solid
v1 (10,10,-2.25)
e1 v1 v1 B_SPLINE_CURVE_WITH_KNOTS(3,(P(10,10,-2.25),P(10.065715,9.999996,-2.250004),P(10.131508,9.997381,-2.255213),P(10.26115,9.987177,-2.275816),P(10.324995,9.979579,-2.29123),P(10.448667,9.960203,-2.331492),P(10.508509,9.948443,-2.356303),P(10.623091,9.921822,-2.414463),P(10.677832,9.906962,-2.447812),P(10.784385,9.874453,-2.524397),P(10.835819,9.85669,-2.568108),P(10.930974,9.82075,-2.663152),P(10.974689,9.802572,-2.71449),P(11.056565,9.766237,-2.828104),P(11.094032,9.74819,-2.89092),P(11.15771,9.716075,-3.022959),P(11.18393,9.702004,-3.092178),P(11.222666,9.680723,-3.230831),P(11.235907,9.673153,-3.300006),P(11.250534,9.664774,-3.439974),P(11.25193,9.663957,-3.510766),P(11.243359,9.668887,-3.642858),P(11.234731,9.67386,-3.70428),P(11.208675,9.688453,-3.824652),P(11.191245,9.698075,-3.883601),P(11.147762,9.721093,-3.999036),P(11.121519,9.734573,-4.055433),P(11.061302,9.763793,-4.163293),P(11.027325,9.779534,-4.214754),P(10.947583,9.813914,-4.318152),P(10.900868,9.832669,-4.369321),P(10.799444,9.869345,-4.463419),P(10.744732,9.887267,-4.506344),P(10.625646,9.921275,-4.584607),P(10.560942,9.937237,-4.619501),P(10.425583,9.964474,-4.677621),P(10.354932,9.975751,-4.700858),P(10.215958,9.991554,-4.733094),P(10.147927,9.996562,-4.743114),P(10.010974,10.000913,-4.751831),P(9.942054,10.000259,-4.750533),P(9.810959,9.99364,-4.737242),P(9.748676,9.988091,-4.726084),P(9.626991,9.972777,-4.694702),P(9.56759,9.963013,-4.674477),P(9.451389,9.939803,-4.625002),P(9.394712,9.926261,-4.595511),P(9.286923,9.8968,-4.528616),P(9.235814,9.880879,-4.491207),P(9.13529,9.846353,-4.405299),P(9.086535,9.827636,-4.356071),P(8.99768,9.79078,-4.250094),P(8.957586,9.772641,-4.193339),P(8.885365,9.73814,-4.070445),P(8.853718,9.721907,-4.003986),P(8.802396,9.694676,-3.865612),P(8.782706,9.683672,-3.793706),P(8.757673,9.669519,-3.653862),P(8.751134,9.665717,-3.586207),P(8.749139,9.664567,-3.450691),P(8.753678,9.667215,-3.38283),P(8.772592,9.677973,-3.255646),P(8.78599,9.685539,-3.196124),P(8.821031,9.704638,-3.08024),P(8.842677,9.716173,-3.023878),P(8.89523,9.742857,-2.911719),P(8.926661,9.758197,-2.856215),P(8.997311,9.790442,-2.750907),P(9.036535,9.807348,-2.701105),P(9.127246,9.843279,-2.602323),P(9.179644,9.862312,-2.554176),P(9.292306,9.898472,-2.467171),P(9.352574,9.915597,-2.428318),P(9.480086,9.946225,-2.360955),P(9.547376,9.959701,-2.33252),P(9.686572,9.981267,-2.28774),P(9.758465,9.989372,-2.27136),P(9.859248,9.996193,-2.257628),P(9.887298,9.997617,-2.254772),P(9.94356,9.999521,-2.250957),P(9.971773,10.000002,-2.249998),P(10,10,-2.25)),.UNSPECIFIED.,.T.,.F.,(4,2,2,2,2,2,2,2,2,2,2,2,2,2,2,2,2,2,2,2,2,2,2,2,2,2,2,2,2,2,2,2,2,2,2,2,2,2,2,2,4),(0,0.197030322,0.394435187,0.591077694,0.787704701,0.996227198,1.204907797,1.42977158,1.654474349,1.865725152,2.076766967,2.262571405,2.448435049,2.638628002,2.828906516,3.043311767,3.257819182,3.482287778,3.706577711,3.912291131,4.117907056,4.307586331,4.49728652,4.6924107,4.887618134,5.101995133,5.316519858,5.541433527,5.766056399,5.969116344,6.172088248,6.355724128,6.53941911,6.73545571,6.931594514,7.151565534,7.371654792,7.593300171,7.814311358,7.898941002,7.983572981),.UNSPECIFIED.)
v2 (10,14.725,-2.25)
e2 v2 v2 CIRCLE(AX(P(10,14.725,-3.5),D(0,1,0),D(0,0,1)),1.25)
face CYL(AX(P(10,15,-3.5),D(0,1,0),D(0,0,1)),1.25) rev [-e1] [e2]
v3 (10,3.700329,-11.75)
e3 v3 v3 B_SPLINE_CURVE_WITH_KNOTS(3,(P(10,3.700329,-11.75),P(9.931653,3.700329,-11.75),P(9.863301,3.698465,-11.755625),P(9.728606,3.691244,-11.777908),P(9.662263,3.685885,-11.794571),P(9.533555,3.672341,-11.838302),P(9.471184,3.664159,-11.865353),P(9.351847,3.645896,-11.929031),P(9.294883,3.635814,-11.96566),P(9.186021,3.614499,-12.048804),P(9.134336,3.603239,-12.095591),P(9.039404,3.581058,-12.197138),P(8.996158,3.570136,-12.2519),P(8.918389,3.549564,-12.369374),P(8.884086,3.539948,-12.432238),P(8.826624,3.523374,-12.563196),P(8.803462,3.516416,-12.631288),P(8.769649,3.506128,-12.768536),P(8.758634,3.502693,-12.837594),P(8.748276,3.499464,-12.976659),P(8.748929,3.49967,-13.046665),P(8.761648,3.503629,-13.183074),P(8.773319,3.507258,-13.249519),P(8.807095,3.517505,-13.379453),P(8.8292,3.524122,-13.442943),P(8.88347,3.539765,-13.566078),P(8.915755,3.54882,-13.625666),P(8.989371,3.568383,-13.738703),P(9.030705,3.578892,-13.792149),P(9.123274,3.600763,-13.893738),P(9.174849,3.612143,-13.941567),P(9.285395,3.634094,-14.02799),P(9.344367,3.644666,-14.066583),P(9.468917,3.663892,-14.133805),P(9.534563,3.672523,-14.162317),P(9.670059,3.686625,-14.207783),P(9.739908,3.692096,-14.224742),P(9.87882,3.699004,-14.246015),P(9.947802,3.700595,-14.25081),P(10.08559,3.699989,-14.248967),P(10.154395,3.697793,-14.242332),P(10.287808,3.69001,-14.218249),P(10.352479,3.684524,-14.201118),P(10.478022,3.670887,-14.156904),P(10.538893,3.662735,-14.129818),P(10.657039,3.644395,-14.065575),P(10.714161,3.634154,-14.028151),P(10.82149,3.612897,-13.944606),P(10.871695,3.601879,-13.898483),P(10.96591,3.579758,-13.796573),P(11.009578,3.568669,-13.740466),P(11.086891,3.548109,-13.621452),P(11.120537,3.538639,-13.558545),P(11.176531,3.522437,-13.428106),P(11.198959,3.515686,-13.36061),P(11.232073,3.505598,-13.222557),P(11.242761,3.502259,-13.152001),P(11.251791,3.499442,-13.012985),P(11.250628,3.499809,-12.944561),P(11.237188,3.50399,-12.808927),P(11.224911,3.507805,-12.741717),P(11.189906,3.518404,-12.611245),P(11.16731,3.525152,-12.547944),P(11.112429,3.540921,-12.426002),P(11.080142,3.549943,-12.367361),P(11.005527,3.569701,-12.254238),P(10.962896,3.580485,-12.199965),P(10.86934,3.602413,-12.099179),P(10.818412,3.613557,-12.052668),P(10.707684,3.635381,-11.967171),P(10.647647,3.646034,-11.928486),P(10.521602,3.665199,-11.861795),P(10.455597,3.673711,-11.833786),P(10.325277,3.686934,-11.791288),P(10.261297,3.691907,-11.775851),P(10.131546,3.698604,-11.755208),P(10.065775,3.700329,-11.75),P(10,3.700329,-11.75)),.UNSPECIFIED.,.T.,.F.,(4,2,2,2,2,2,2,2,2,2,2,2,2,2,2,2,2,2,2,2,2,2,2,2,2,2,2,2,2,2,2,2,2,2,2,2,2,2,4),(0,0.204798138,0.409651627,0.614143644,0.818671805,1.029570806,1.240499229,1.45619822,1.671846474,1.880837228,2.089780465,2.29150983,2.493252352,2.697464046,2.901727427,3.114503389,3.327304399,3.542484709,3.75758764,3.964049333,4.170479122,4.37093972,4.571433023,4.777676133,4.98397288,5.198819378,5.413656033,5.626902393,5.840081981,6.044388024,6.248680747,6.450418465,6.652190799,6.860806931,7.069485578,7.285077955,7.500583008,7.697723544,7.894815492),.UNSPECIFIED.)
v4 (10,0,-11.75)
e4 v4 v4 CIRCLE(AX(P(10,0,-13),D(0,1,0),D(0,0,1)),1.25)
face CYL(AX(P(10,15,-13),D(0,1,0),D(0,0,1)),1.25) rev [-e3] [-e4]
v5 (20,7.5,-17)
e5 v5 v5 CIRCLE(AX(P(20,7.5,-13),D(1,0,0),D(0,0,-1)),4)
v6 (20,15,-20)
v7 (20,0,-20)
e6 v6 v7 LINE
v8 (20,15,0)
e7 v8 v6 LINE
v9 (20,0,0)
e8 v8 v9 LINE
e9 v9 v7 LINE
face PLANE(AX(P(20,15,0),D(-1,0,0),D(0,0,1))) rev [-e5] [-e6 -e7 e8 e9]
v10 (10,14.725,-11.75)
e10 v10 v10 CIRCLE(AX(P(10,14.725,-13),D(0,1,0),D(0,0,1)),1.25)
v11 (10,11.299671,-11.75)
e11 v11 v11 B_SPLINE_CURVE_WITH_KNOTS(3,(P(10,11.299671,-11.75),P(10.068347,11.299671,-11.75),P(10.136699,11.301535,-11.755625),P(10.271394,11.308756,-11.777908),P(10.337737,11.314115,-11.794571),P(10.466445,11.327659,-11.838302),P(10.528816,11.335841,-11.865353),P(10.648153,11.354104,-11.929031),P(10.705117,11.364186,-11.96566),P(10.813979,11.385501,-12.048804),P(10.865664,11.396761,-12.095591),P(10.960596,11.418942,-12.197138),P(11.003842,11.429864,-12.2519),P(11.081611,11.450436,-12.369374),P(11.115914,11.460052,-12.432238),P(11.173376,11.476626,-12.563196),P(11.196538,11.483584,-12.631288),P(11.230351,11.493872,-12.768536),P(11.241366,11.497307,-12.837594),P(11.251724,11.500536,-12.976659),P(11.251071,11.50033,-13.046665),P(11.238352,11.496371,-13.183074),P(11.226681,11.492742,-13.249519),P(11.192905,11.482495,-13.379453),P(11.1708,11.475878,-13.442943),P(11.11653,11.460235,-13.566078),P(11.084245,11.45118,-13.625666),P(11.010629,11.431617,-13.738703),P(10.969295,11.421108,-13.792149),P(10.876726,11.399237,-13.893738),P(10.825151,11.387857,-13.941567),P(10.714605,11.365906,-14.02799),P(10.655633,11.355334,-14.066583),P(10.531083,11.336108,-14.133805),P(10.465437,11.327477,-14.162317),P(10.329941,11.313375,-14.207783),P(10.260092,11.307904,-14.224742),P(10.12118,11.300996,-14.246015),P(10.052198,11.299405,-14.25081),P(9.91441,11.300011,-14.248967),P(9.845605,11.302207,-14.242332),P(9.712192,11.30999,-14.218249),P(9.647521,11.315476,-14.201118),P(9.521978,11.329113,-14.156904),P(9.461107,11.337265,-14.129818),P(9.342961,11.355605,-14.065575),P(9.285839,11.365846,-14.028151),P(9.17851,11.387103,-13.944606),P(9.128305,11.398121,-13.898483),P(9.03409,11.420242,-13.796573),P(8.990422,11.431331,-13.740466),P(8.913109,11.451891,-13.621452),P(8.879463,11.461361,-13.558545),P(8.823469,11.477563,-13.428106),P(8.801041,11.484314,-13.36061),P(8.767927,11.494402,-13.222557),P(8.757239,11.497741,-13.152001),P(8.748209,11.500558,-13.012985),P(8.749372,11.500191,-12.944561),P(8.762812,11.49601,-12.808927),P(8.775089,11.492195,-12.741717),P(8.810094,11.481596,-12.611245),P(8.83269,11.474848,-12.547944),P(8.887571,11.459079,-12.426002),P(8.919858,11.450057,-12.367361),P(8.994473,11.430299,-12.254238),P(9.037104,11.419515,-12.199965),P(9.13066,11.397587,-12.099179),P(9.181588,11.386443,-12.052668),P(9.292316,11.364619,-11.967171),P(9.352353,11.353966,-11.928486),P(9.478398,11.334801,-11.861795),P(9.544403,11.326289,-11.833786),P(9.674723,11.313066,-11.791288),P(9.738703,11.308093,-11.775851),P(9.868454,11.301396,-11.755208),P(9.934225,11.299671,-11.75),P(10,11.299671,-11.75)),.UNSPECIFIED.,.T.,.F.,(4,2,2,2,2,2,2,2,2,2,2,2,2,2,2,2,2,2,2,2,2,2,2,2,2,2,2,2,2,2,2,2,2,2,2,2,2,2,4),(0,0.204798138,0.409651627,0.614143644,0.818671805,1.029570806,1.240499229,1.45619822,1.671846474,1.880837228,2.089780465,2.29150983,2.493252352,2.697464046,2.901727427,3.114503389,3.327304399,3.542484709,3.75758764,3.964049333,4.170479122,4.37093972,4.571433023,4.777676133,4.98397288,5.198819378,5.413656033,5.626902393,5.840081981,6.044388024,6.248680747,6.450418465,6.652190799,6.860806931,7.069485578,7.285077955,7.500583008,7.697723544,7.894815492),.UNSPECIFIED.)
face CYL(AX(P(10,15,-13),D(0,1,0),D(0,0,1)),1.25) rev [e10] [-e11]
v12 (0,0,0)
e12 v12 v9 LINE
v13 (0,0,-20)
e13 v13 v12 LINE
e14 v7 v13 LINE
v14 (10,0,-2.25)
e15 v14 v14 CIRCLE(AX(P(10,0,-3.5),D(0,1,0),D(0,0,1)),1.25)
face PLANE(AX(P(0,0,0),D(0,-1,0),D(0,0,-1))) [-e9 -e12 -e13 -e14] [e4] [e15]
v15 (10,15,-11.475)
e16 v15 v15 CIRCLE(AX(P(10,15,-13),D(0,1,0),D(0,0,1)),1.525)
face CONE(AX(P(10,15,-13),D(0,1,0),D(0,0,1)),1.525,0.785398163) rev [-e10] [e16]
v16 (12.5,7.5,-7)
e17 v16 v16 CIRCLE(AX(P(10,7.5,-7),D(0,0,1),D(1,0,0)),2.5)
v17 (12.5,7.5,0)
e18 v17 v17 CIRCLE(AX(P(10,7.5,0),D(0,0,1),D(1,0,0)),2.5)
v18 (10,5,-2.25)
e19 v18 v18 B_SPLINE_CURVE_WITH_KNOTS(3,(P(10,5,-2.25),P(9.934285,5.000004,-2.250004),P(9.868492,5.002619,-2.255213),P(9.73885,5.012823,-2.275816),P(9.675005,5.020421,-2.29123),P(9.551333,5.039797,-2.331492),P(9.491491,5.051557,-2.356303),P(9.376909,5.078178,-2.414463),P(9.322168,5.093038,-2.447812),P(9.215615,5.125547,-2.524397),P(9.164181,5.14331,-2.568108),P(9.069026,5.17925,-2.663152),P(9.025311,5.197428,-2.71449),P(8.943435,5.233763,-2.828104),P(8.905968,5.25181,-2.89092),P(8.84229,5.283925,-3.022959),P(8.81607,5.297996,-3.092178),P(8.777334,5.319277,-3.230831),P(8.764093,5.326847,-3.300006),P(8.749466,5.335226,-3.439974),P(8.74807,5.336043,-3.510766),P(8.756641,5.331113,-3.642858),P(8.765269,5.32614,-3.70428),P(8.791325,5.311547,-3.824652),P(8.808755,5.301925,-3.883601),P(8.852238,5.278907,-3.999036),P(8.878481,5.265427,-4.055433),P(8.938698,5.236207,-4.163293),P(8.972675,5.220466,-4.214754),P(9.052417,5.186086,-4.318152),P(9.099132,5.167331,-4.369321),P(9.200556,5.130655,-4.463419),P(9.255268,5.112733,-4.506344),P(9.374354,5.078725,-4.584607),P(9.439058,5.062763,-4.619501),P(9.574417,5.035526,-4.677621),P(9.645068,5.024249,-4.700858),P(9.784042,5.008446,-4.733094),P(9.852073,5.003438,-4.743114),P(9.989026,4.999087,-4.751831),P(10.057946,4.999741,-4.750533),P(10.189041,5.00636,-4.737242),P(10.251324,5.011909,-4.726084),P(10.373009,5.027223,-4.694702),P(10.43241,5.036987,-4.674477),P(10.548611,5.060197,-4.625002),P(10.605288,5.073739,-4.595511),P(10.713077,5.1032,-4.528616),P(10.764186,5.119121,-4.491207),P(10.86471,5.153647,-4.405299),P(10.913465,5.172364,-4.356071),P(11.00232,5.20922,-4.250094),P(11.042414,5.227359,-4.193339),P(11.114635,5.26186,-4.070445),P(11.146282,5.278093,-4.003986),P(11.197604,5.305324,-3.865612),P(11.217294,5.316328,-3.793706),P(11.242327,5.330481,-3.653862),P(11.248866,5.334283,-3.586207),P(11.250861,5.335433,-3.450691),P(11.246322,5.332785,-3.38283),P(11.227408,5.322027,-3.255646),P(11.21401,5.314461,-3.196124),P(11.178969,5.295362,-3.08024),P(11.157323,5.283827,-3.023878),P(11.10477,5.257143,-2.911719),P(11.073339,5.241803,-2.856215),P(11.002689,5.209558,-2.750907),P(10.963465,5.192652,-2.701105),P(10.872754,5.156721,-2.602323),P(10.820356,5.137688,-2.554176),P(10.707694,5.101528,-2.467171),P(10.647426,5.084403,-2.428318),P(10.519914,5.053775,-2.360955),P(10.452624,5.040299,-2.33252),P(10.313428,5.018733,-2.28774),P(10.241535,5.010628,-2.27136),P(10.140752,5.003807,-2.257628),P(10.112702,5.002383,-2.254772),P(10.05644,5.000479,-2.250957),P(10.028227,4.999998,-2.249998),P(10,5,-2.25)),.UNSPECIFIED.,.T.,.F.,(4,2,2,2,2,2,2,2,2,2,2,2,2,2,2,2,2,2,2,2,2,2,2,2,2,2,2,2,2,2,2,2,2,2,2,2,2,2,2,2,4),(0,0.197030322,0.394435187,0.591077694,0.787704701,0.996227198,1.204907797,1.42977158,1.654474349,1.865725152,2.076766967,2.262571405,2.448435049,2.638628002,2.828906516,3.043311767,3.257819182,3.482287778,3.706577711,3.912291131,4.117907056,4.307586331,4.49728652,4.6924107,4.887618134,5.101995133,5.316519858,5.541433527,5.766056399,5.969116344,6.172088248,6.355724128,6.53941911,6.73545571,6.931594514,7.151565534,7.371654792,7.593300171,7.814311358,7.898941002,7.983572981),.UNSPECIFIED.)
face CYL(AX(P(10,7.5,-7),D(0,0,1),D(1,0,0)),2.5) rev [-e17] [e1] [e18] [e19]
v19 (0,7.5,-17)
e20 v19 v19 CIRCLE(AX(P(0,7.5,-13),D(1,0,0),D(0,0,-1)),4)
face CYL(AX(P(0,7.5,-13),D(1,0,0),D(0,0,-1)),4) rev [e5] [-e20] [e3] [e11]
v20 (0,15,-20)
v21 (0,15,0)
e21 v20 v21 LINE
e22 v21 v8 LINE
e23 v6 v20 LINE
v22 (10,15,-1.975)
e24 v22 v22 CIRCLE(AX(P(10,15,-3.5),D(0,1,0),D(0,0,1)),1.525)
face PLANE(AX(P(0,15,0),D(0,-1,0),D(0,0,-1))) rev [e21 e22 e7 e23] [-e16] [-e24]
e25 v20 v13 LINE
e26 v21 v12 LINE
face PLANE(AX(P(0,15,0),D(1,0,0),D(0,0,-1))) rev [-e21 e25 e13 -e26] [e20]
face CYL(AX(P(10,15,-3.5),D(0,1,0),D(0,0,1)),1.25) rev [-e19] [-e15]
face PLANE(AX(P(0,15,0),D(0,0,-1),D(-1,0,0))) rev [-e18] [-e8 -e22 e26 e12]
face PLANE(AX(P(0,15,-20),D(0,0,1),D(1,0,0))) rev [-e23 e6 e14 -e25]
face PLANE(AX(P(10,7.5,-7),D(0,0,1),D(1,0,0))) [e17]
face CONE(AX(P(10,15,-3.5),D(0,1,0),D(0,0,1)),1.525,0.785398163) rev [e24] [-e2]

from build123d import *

# Parameters (mm, degrees)
SKIZZE1_W                          = 20
SKIZZE1_H                          = 20
AUFSATZ_LINEAR_AUSTRAGEN1_DEPTH    = 15
SKIZZE2_R                          = 2.5
SCHNITT_LINEAR_AUSTRAGEN1_DEPTH    = 7
SKIZZE4_R                          = 4
SCHNITT_LINEAR_AUSTRAGEN7_DEPTH    = 33.015621187
M3X0_5_GEWINDEBOHRUNG1_D           = 2.5
M3X0_5_GEWINDEBOHRUNG1_CSINK_D     = 3.05
M3X0_5_GEWINDEBOHRUNG1_CSINK_ANGLE = 90


with BuildPart() as part:
    # Skizze1 → Aufsatz-Linear austragen1 (new body)
    with BuildSketch(Plane(origin=(0, 0, 0), x_dir=(1, 0, 0), z_dir=(0, 1, 0))):
        with Locations((10, 10)):
            Rectangle(SKIZZE1_W, SKIZZE1_H)
    extrude(amount=AUFSATZ_LINEAR_AUSTRAGEN1_DEPTH)

    # Skizze2 → Schnitt-Linear austragen1 (cut)
    with BuildSketch(Plane.XY):
        with Locations((10, 7.5)):
            Circle(SKIZZE2_R)
    extrude(amount=-SCHNITT_LINEAR_AUSTRAGEN1_DEPTH, mode=Mode.SUBTRACT)

    # Skizze4 → Schnitt-Linear austragen7 (cut, through all)
    with BuildSketch(Plane(origin=(20, 0, 0), x_dir=(0, 0, -1), z_dir=(1, 0, 0))):
        with Locations((13, 7.5)):
            Circle(SKIZZE4_R)
    extrude(amount=-SCHNITT_LINEAR_AUSTRAGEN7_DEPTH, mode=Mode.SUBTRACT)

    # M3x0.5 Gewindebohrung1 (through all)
    with Locations(Plane(origin=(12, 15, 0), x_dir=(0, 0, 1), z_dir=(0, 1, 0))):
        with Locations((-3.5, -2), (-13, -2)):
            CounterSinkHole(M3X0_5_GEWINDEBOHRUNG1_D / 2, M3X0_5_GEWINDEBOHRUNG1_CSINK_D / 2, counter_sink_angle=M3X0_5_GEWINDEBOHRUNG1_CSINK_ANGLE)


solid = part.part
